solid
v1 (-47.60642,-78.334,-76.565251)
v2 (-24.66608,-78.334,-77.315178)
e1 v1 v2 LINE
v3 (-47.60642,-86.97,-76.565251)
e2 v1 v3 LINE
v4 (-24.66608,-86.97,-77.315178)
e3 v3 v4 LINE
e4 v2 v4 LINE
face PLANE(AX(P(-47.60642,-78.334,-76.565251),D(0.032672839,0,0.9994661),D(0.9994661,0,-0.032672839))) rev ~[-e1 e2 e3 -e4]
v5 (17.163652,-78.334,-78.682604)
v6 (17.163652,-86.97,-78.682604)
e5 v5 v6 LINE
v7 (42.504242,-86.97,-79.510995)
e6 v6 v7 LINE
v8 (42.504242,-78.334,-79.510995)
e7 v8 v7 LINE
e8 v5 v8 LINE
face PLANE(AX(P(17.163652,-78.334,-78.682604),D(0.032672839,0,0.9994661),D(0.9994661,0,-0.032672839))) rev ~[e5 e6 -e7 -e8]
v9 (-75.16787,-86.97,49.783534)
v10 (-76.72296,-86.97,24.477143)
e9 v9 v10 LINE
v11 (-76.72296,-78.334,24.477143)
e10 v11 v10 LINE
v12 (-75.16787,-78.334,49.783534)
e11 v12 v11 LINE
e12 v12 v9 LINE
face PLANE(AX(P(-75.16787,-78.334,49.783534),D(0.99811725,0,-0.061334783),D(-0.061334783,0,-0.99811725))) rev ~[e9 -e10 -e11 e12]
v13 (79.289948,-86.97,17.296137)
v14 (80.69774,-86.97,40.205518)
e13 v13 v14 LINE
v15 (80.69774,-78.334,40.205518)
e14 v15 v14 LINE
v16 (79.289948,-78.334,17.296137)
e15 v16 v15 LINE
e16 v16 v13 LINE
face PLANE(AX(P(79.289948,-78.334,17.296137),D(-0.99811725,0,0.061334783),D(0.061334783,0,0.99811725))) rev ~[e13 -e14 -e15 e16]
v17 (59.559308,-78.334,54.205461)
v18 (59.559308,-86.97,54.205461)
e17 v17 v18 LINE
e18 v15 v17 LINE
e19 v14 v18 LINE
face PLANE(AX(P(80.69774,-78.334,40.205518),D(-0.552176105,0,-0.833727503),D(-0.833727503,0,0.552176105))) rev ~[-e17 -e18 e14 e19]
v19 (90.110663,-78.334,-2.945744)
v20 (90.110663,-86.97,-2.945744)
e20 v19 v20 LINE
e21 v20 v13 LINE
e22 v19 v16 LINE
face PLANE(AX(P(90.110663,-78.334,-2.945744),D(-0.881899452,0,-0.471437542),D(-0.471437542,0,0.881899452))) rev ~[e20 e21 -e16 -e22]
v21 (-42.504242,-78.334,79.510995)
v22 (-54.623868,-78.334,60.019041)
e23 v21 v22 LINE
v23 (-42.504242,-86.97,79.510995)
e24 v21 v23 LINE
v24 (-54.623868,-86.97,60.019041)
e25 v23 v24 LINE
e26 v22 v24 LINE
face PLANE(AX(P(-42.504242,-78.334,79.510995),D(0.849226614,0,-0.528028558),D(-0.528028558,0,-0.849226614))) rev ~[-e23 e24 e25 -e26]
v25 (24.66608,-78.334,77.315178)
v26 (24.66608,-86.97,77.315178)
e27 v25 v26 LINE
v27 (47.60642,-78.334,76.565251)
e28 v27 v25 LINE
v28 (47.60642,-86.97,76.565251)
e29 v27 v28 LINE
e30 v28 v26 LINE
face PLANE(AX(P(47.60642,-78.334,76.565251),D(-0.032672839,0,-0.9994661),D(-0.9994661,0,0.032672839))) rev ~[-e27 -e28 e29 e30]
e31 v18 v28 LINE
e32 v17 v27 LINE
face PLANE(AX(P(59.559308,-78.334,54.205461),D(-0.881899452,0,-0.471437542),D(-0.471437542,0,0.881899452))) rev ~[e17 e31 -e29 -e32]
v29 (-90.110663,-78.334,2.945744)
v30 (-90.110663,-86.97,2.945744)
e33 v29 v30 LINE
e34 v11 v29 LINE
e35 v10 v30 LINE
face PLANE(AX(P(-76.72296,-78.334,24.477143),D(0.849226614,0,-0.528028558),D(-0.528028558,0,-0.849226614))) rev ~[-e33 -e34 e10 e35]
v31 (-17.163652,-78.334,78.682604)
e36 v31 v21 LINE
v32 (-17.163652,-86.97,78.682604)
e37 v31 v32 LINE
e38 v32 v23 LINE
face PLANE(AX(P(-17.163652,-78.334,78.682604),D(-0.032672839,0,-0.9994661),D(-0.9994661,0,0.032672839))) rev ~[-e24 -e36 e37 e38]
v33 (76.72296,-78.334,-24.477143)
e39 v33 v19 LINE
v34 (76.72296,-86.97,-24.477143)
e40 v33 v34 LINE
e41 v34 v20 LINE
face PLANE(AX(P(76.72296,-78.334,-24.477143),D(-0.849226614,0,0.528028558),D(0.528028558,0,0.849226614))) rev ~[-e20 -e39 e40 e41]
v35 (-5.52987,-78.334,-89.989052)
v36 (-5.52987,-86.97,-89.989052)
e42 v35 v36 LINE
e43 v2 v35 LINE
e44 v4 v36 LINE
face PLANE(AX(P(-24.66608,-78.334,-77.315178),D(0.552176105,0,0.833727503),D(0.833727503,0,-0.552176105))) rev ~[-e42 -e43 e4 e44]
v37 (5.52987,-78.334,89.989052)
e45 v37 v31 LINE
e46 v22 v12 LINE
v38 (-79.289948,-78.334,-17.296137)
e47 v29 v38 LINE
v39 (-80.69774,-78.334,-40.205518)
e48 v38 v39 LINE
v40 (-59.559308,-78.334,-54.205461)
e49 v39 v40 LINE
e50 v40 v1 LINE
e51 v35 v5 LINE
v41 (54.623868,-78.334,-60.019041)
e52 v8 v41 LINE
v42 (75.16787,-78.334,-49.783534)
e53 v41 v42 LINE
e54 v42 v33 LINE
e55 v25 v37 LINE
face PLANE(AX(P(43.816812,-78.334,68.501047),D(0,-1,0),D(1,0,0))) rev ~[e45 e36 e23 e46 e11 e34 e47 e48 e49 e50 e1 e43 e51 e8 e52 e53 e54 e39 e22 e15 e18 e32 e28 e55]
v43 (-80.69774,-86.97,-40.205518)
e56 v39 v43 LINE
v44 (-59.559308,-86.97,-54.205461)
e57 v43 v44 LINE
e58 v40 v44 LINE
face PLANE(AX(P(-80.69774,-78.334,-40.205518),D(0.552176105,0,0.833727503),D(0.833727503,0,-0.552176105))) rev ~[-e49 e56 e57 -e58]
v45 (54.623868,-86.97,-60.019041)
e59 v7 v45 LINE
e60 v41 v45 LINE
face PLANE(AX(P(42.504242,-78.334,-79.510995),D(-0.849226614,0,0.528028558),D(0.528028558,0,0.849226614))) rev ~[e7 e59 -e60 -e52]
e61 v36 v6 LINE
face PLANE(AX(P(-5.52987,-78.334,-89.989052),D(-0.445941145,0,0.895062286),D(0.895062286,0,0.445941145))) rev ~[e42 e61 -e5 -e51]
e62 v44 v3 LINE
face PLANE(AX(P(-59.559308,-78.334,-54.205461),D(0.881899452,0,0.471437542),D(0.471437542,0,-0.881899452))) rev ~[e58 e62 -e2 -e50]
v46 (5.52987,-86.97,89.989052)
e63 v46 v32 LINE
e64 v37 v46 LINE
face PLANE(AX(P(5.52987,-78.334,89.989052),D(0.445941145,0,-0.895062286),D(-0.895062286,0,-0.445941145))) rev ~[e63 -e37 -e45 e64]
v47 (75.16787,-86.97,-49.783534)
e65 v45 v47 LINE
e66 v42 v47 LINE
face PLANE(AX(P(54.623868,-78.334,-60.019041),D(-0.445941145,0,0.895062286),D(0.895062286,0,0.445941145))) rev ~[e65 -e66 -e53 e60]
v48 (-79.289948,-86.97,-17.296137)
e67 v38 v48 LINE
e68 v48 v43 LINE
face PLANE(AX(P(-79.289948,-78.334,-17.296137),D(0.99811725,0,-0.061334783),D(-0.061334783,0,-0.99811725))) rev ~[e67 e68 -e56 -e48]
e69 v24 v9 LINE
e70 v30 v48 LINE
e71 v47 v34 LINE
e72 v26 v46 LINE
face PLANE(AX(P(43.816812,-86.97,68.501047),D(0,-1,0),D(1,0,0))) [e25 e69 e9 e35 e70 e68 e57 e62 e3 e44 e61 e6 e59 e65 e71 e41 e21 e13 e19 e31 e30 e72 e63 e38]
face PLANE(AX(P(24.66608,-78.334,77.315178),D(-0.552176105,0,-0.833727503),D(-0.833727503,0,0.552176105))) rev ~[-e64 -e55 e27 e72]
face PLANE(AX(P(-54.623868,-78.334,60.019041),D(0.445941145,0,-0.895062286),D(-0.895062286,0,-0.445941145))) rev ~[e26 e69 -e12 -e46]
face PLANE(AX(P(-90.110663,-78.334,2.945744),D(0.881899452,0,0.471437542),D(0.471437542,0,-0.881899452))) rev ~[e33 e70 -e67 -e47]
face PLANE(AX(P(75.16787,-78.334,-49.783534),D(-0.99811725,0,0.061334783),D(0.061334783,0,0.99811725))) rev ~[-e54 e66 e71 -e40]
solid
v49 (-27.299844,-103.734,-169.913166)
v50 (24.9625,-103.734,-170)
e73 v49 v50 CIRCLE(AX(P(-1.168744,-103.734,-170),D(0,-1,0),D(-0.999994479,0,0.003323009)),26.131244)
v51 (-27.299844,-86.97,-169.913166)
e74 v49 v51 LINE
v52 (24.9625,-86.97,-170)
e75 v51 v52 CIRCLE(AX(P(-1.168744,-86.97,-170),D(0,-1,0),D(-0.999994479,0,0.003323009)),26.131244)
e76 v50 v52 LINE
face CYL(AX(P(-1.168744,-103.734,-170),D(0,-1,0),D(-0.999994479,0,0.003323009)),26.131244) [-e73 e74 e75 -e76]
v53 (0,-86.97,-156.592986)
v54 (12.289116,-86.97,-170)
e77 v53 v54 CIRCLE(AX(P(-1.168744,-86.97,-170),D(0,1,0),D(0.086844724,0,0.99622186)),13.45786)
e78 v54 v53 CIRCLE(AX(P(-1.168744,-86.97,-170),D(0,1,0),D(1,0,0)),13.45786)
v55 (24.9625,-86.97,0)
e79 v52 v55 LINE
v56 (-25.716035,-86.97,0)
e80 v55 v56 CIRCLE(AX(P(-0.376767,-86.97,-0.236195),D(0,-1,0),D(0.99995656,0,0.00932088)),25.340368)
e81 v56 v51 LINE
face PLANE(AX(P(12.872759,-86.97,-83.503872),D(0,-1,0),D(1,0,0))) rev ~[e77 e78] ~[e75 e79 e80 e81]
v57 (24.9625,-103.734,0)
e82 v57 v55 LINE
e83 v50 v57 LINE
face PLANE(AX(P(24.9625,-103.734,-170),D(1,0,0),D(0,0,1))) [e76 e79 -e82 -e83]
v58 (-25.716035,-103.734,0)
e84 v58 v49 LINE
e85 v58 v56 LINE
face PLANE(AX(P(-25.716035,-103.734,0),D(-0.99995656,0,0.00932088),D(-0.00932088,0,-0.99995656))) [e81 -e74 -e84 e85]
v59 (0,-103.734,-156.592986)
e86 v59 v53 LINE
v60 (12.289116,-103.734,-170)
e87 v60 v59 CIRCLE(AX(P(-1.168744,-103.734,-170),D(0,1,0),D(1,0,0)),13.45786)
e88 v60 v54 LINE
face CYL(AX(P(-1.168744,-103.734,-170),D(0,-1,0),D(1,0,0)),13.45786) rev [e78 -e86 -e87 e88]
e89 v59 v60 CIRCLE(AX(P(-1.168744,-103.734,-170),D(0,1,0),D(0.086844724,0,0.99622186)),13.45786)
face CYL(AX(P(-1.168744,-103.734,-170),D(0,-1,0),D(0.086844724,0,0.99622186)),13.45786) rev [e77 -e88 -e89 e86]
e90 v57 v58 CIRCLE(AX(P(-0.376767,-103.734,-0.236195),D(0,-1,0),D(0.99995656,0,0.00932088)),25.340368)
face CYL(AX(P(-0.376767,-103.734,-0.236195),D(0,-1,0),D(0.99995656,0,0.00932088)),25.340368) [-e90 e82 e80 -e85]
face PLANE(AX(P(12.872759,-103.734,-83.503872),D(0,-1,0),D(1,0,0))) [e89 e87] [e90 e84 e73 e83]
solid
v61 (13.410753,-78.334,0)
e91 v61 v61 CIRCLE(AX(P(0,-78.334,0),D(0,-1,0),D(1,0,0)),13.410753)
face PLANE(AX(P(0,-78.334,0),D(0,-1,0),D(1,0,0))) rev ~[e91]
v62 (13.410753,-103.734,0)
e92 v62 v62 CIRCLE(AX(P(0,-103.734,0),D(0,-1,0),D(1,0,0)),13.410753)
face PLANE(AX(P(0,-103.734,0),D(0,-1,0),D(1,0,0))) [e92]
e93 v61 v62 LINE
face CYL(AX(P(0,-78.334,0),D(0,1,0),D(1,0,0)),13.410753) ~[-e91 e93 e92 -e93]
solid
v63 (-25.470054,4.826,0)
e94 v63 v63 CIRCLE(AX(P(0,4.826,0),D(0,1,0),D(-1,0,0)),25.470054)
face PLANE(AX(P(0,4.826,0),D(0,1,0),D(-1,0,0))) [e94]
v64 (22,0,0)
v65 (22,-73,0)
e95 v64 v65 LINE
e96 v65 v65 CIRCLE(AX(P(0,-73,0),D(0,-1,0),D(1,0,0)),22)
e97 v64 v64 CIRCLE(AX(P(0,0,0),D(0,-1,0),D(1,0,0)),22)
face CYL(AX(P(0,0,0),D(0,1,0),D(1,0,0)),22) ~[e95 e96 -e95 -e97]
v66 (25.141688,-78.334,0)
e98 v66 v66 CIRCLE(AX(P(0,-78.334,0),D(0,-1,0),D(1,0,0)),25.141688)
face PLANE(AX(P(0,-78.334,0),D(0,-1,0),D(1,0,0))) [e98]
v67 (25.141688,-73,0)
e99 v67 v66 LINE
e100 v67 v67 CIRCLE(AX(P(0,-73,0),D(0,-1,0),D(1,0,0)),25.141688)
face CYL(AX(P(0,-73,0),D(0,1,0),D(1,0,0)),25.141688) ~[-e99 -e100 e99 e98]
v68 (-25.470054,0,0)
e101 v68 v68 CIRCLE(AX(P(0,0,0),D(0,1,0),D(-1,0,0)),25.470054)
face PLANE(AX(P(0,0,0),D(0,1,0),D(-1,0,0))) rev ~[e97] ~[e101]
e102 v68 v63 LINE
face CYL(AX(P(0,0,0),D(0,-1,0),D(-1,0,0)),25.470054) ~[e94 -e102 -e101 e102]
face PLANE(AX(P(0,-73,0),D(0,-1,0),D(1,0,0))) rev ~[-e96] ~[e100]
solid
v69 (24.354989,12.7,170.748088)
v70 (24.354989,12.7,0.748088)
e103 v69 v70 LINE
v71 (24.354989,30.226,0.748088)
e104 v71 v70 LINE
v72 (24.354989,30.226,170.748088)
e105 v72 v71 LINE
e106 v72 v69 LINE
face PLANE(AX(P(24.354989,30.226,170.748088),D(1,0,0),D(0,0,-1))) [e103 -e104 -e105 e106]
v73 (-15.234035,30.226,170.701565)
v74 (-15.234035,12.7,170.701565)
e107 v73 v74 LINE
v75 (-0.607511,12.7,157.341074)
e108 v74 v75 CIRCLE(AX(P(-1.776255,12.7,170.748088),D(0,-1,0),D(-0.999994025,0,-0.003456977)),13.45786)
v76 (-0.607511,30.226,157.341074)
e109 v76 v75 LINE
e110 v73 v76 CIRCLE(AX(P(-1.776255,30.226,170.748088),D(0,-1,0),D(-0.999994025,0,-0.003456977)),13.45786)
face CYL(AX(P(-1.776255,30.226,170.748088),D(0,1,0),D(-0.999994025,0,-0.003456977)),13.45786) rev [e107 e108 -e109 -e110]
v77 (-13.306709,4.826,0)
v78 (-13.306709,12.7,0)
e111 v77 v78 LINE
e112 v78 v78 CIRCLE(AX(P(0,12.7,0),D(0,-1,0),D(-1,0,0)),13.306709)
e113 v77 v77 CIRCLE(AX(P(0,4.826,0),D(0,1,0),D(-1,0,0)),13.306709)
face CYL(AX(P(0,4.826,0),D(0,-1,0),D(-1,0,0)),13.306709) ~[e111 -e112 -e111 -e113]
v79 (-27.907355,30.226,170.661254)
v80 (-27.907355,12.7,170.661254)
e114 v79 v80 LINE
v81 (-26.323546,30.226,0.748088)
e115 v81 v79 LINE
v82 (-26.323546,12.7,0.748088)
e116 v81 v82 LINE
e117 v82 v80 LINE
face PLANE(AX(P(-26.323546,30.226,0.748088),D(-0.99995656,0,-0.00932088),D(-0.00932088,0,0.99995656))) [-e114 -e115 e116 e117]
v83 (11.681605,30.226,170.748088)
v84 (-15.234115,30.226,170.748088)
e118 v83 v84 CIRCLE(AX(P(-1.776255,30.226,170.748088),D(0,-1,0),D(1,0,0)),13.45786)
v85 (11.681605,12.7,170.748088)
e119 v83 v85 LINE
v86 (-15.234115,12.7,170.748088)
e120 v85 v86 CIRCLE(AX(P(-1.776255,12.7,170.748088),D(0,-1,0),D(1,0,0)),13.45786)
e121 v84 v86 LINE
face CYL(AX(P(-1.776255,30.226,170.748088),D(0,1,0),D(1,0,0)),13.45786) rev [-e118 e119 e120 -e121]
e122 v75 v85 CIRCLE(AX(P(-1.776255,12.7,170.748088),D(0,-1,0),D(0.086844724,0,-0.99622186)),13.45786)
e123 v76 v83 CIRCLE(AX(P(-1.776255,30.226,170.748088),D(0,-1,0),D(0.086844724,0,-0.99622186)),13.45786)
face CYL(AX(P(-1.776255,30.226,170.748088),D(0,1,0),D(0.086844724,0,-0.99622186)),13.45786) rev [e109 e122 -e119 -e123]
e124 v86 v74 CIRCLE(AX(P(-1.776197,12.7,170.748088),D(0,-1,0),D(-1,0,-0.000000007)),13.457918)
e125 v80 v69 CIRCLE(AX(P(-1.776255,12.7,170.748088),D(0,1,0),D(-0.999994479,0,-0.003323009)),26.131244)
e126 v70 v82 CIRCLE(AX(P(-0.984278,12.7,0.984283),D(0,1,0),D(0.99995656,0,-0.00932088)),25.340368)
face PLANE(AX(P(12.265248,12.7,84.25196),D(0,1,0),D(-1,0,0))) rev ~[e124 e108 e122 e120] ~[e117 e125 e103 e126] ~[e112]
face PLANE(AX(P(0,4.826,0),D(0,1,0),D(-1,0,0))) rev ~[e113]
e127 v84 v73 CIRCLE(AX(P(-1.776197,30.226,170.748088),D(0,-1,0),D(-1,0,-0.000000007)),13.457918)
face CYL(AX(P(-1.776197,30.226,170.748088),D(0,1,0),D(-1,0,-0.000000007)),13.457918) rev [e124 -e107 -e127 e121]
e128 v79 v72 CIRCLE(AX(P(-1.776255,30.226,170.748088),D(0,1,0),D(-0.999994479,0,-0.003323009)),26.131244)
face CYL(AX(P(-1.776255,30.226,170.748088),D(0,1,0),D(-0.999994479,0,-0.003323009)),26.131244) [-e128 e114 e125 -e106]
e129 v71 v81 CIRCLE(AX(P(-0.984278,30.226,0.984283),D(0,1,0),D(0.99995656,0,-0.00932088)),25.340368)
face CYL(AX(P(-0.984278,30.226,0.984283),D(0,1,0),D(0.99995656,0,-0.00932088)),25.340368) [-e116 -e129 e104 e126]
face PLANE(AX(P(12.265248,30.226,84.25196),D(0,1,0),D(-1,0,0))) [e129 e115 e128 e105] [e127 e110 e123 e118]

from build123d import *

# Parameters (mm, degrees)
F0_R      = 22
F1_DEPTH  = 73
F2_R      = 25.141688448
F3_DEPTH  = 5.334
F4_R      = 25.4700535037
F5_DEPTH  = 4.826
F6_R      = 13.3067091681
F7_DEPTH  = 25.4
F8_R      = 13.4107525154
F9_DEPTH  = 25.4
F11_DEPTH = 16.764
F13_DEPTH = 17.526
F15_DEPTH = 8.636


with BuildPart() as f1:
    # F0 (on Front) → F1 (new body)
    with BuildSketch(Plane.XZ):
        Circle(F0_R)
    extrude(amount=F1_DEPTH)

    # F2 (on face) → F3 (join)
    with BuildSketch(Plane.XZ.offset(73)):
        Circle(F2_R)
    extrude(amount=F3_DEPTH)

    # F4 (on face) → F5 (join)
    with BuildSketch(Plane(origin=(0, 0, 0), x_dir=(-1, 0, 0), z_dir=(0, 1, 0))):
        Circle(F4_R)
    extrude(amount=F5_DEPTH)


with BuildPart() as f7:
    # F6 (on face) → F7 (new body)
    with BuildSketch(Plane(origin=(0, 4.826, 0), x_dir=(-1, 0, 0), z_dir=(0, 1, 0))):
        Circle(F6_R)
    extrude(amount=F7_DEPTH)

    # F12 (on face) → F13 (join)
    with BuildSketch(Plane(origin=(0, 30.226, 0), x_dir=(-1, 0, 0), z_dir=(0, 1, 0))):
        with BuildLine():
            Line((-24.354988928, 0.7480883902), (0.6075108098, 0.7480883902))
            Line((0.6075108098, 0.7480883902), (0.6075108098, 157.3410739564))
            ThreePointArc((0.6075108098, 157.3410739564), (-8.1445009129, 161.654541128), (-11.6816051556, 170.7480883902))
            Line((-11.6816051556, 170.7480883902), (-24.354988928, 170.7480883902))
            Line((-24.354988928, 170.7480883902), (-24.354988928, 0.7480883902))
        make_face()
        with BuildLine():
            Line((26.3235455053, 0.7480883902), (0.6075108098, 0.7480883902))
            Line((0.6075108098, 0.7480883902), (-24.354988928, 0.7480883902))
            ThreePointArc((-24.354988928, 0.7480883902), (0.9842782886, -24.3560850854), (26.3235455053, 0.7480883902))
        make_face()
        with BuildLine():
            Line((0.6075108098, 157.3410739564), (0.6075108098, 0.7480883902))
            Line((0.6075108098, 0.7480883902), (26.3235455053, 0.7480883902))
            Line((26.3235455053, 0.7480883902), (27.9073545741, 170.6612540395))
            Line((27.9073545741, 170.6612540395), (15.2340346622, 170.7015648748))
            ThreePointArc((15.2340346622, 170.7015648748), (10.8526407, 160.8116292201), (0.6075108098, 157.3410739564))
        make_face()
        with BuildLine():
            Line((-24.354988928, 170.7480883902), (-11.6816051556, 170.7480883902))
            ThreePointArc((-11.6816051556, 170.7480883902), (1.7762549611, 184.2059485069), (15.2341150778, 170.7480883902))
            ThreePointArc((15.2341150778, 170.7480883902), (15.2340949738, 170.7248265978), (15.2340346622, 170.7015648748))
            Line((15.2340346622, 170.7015648748), (27.9073545741, 170.6612540395))
            ThreePointArc((27.9073545741, 170.6612540395), (1.8196721964, 196.8792962103), (-24.354988928, 170.7480883902))
        make_face()
    extrude(amount=-F13_DEPTH)


with BuildPart() as f9:
    # F8 (on face) → F9 (new body)
    with BuildSketch(Plane.XZ.offset(78.334)):
        Circle(F8_R)
    extrude(amount=F9_DEPTH)


with BuildPart() as f11:
    # F10 (on face) → F11 (new body)
    with BuildSketch(Plane.XZ.offset(103.734)):
        with BuildLine():
            Line((24.9624997377, 0), (0, 0))
            Line((0, 0), (0, -156.5929855662))
            ThreePointArc((0, -156.5929855662), (8.7520117226, -160.9064527378), (12.2891159654, -170))
            Line((12.2891159654, -170), (24.9624997377, -170))
            Line((24.9624997377, -170), (24.9624997377, 0))
        make_face()
        with BuildLine():
            Line((-25.7160346955, 0), (0, 0))
            Line((0, 0), (24.9624997377, 0))
            ThreePointArc((24.9624997377, 0), (-0.3767674789, 25.1041734756), (-25.7160346955, 0))
        make_face()
        with BuildLine():
            Line((0, -156.5929855662), (0, 0))
            Line((0, 0), (-25.7160346955, 0))
            Line((-25.7160346955, 0), (-27.2998437643, -169.9131656493))
            Line((-27.2998437643, -169.9131656493), (-14.6265238524, -169.9534764846))
            ThreePointArc((-14.6265238524, -169.9534764846), (-10.2451298902, -160.0635408299), (0, -156.5929855662))
        make_face()
        with BuildLine():
            Line((24.9624997377, -170), (12.2891159654, -170))
            ThreePointArc((12.2891159654, -170), (-1.1920059438, -183.4578400128), (-14.6265238524, -169.9534764846))
            Line((-14.6265238524, -169.9534764846), (-27.2998437643, -169.9131656493))
            ThreePointArc((-27.2998437643, -169.9131656493), (-1.2121613866, -196.13120782), (24.9624997377, -170))
        make_face()
    extrude(amount=-F11_DEPTH)


with BuildPart() as f15:
    # F14 (on face) → F15 (new body)
    with BuildSketch(Plane.XZ.offset(78.334)):
        Polygon((59.5593075378, 54.2054606984), (47.6064203831, 76.5652511255), (24.6660799297, 77.3151775524), align=None)
        Polygon((80.697740251, 40.2055177804), (59.5593075378, 54.2054606984), (79.2899478234, 17.2961369453), align=None)
        Polygon((79.2899478234, 17.2961369453), (59.5593075378, 54.2054606984), (24.6660799297, 77.3151775524), (-17.1636522197, 78.6826037088), (-54.6238678937, 60.0190406071), (-76.7229597576, 24.4771430104), (-79.2899478234, -17.2961369453), (-59.5593075378, -54.2054606984), (-24.6660799297, -77.3151775524), (17.1636522197, -78.6826037088), (54.6238678937, -60.0190406071), (76.7229597576, -24.4771430104), align=None)
        Polygon((-17.1636522197, 78.6826037088), (24.6660799297, 77.3151775524), (5.5298703554, 89.9890519755), align=None)
        Polygon((90.1106627134, -2.9457438723), (79.2899478234, 17.2961369453), (76.7229597576, -24.4771430104), align=None)
        Polygon((-54.6238678937, 60.0190406071), (-17.1636522197, 78.6826037088), (-42.5042423302, 79.5109949978), align=None)
        Polygon((75.1678698956, -49.7835341952), (76.7229597576, -24.4771430104), (54.6238678937, -60.0190406071), align=None)
        Polygon((-76.7229597576, 24.4771430104), (-54.6238678937, 60.0190406071), (-75.1678698956, 49.7835341952), align=None)
        Polygon((42.5042423302, -79.5109949978), (54.6238678937, -60.0190406071), (17.1636522197, -78.6826037088), align=None)
        Polygon((-79.2899478234, -17.2961369453), (-76.7229597576, 24.4771430104), (-90.1106627134, 2.9457438723), align=None)
        Polygon((-5.5298703554, -89.9890519755), (17.1636522197, -78.6826037088), (-24.6660799297, -77.3151775524), align=None)
        Polygon((-59.5593075378, -54.2054606984), (-79.2899478234, -17.2961369453), (-80.697740251, -40.2055177804), align=None)
        Polygon((-47.6064203831, -76.5652511255), (-24.6660799297, -77.3151775524), (-59.5593075378, -54.2054606984), align=None)
    extrude(amount=F15_DEPTH)


solid = Compound([f1.part, f7.part, f9.part, f11.part, f15.part])
